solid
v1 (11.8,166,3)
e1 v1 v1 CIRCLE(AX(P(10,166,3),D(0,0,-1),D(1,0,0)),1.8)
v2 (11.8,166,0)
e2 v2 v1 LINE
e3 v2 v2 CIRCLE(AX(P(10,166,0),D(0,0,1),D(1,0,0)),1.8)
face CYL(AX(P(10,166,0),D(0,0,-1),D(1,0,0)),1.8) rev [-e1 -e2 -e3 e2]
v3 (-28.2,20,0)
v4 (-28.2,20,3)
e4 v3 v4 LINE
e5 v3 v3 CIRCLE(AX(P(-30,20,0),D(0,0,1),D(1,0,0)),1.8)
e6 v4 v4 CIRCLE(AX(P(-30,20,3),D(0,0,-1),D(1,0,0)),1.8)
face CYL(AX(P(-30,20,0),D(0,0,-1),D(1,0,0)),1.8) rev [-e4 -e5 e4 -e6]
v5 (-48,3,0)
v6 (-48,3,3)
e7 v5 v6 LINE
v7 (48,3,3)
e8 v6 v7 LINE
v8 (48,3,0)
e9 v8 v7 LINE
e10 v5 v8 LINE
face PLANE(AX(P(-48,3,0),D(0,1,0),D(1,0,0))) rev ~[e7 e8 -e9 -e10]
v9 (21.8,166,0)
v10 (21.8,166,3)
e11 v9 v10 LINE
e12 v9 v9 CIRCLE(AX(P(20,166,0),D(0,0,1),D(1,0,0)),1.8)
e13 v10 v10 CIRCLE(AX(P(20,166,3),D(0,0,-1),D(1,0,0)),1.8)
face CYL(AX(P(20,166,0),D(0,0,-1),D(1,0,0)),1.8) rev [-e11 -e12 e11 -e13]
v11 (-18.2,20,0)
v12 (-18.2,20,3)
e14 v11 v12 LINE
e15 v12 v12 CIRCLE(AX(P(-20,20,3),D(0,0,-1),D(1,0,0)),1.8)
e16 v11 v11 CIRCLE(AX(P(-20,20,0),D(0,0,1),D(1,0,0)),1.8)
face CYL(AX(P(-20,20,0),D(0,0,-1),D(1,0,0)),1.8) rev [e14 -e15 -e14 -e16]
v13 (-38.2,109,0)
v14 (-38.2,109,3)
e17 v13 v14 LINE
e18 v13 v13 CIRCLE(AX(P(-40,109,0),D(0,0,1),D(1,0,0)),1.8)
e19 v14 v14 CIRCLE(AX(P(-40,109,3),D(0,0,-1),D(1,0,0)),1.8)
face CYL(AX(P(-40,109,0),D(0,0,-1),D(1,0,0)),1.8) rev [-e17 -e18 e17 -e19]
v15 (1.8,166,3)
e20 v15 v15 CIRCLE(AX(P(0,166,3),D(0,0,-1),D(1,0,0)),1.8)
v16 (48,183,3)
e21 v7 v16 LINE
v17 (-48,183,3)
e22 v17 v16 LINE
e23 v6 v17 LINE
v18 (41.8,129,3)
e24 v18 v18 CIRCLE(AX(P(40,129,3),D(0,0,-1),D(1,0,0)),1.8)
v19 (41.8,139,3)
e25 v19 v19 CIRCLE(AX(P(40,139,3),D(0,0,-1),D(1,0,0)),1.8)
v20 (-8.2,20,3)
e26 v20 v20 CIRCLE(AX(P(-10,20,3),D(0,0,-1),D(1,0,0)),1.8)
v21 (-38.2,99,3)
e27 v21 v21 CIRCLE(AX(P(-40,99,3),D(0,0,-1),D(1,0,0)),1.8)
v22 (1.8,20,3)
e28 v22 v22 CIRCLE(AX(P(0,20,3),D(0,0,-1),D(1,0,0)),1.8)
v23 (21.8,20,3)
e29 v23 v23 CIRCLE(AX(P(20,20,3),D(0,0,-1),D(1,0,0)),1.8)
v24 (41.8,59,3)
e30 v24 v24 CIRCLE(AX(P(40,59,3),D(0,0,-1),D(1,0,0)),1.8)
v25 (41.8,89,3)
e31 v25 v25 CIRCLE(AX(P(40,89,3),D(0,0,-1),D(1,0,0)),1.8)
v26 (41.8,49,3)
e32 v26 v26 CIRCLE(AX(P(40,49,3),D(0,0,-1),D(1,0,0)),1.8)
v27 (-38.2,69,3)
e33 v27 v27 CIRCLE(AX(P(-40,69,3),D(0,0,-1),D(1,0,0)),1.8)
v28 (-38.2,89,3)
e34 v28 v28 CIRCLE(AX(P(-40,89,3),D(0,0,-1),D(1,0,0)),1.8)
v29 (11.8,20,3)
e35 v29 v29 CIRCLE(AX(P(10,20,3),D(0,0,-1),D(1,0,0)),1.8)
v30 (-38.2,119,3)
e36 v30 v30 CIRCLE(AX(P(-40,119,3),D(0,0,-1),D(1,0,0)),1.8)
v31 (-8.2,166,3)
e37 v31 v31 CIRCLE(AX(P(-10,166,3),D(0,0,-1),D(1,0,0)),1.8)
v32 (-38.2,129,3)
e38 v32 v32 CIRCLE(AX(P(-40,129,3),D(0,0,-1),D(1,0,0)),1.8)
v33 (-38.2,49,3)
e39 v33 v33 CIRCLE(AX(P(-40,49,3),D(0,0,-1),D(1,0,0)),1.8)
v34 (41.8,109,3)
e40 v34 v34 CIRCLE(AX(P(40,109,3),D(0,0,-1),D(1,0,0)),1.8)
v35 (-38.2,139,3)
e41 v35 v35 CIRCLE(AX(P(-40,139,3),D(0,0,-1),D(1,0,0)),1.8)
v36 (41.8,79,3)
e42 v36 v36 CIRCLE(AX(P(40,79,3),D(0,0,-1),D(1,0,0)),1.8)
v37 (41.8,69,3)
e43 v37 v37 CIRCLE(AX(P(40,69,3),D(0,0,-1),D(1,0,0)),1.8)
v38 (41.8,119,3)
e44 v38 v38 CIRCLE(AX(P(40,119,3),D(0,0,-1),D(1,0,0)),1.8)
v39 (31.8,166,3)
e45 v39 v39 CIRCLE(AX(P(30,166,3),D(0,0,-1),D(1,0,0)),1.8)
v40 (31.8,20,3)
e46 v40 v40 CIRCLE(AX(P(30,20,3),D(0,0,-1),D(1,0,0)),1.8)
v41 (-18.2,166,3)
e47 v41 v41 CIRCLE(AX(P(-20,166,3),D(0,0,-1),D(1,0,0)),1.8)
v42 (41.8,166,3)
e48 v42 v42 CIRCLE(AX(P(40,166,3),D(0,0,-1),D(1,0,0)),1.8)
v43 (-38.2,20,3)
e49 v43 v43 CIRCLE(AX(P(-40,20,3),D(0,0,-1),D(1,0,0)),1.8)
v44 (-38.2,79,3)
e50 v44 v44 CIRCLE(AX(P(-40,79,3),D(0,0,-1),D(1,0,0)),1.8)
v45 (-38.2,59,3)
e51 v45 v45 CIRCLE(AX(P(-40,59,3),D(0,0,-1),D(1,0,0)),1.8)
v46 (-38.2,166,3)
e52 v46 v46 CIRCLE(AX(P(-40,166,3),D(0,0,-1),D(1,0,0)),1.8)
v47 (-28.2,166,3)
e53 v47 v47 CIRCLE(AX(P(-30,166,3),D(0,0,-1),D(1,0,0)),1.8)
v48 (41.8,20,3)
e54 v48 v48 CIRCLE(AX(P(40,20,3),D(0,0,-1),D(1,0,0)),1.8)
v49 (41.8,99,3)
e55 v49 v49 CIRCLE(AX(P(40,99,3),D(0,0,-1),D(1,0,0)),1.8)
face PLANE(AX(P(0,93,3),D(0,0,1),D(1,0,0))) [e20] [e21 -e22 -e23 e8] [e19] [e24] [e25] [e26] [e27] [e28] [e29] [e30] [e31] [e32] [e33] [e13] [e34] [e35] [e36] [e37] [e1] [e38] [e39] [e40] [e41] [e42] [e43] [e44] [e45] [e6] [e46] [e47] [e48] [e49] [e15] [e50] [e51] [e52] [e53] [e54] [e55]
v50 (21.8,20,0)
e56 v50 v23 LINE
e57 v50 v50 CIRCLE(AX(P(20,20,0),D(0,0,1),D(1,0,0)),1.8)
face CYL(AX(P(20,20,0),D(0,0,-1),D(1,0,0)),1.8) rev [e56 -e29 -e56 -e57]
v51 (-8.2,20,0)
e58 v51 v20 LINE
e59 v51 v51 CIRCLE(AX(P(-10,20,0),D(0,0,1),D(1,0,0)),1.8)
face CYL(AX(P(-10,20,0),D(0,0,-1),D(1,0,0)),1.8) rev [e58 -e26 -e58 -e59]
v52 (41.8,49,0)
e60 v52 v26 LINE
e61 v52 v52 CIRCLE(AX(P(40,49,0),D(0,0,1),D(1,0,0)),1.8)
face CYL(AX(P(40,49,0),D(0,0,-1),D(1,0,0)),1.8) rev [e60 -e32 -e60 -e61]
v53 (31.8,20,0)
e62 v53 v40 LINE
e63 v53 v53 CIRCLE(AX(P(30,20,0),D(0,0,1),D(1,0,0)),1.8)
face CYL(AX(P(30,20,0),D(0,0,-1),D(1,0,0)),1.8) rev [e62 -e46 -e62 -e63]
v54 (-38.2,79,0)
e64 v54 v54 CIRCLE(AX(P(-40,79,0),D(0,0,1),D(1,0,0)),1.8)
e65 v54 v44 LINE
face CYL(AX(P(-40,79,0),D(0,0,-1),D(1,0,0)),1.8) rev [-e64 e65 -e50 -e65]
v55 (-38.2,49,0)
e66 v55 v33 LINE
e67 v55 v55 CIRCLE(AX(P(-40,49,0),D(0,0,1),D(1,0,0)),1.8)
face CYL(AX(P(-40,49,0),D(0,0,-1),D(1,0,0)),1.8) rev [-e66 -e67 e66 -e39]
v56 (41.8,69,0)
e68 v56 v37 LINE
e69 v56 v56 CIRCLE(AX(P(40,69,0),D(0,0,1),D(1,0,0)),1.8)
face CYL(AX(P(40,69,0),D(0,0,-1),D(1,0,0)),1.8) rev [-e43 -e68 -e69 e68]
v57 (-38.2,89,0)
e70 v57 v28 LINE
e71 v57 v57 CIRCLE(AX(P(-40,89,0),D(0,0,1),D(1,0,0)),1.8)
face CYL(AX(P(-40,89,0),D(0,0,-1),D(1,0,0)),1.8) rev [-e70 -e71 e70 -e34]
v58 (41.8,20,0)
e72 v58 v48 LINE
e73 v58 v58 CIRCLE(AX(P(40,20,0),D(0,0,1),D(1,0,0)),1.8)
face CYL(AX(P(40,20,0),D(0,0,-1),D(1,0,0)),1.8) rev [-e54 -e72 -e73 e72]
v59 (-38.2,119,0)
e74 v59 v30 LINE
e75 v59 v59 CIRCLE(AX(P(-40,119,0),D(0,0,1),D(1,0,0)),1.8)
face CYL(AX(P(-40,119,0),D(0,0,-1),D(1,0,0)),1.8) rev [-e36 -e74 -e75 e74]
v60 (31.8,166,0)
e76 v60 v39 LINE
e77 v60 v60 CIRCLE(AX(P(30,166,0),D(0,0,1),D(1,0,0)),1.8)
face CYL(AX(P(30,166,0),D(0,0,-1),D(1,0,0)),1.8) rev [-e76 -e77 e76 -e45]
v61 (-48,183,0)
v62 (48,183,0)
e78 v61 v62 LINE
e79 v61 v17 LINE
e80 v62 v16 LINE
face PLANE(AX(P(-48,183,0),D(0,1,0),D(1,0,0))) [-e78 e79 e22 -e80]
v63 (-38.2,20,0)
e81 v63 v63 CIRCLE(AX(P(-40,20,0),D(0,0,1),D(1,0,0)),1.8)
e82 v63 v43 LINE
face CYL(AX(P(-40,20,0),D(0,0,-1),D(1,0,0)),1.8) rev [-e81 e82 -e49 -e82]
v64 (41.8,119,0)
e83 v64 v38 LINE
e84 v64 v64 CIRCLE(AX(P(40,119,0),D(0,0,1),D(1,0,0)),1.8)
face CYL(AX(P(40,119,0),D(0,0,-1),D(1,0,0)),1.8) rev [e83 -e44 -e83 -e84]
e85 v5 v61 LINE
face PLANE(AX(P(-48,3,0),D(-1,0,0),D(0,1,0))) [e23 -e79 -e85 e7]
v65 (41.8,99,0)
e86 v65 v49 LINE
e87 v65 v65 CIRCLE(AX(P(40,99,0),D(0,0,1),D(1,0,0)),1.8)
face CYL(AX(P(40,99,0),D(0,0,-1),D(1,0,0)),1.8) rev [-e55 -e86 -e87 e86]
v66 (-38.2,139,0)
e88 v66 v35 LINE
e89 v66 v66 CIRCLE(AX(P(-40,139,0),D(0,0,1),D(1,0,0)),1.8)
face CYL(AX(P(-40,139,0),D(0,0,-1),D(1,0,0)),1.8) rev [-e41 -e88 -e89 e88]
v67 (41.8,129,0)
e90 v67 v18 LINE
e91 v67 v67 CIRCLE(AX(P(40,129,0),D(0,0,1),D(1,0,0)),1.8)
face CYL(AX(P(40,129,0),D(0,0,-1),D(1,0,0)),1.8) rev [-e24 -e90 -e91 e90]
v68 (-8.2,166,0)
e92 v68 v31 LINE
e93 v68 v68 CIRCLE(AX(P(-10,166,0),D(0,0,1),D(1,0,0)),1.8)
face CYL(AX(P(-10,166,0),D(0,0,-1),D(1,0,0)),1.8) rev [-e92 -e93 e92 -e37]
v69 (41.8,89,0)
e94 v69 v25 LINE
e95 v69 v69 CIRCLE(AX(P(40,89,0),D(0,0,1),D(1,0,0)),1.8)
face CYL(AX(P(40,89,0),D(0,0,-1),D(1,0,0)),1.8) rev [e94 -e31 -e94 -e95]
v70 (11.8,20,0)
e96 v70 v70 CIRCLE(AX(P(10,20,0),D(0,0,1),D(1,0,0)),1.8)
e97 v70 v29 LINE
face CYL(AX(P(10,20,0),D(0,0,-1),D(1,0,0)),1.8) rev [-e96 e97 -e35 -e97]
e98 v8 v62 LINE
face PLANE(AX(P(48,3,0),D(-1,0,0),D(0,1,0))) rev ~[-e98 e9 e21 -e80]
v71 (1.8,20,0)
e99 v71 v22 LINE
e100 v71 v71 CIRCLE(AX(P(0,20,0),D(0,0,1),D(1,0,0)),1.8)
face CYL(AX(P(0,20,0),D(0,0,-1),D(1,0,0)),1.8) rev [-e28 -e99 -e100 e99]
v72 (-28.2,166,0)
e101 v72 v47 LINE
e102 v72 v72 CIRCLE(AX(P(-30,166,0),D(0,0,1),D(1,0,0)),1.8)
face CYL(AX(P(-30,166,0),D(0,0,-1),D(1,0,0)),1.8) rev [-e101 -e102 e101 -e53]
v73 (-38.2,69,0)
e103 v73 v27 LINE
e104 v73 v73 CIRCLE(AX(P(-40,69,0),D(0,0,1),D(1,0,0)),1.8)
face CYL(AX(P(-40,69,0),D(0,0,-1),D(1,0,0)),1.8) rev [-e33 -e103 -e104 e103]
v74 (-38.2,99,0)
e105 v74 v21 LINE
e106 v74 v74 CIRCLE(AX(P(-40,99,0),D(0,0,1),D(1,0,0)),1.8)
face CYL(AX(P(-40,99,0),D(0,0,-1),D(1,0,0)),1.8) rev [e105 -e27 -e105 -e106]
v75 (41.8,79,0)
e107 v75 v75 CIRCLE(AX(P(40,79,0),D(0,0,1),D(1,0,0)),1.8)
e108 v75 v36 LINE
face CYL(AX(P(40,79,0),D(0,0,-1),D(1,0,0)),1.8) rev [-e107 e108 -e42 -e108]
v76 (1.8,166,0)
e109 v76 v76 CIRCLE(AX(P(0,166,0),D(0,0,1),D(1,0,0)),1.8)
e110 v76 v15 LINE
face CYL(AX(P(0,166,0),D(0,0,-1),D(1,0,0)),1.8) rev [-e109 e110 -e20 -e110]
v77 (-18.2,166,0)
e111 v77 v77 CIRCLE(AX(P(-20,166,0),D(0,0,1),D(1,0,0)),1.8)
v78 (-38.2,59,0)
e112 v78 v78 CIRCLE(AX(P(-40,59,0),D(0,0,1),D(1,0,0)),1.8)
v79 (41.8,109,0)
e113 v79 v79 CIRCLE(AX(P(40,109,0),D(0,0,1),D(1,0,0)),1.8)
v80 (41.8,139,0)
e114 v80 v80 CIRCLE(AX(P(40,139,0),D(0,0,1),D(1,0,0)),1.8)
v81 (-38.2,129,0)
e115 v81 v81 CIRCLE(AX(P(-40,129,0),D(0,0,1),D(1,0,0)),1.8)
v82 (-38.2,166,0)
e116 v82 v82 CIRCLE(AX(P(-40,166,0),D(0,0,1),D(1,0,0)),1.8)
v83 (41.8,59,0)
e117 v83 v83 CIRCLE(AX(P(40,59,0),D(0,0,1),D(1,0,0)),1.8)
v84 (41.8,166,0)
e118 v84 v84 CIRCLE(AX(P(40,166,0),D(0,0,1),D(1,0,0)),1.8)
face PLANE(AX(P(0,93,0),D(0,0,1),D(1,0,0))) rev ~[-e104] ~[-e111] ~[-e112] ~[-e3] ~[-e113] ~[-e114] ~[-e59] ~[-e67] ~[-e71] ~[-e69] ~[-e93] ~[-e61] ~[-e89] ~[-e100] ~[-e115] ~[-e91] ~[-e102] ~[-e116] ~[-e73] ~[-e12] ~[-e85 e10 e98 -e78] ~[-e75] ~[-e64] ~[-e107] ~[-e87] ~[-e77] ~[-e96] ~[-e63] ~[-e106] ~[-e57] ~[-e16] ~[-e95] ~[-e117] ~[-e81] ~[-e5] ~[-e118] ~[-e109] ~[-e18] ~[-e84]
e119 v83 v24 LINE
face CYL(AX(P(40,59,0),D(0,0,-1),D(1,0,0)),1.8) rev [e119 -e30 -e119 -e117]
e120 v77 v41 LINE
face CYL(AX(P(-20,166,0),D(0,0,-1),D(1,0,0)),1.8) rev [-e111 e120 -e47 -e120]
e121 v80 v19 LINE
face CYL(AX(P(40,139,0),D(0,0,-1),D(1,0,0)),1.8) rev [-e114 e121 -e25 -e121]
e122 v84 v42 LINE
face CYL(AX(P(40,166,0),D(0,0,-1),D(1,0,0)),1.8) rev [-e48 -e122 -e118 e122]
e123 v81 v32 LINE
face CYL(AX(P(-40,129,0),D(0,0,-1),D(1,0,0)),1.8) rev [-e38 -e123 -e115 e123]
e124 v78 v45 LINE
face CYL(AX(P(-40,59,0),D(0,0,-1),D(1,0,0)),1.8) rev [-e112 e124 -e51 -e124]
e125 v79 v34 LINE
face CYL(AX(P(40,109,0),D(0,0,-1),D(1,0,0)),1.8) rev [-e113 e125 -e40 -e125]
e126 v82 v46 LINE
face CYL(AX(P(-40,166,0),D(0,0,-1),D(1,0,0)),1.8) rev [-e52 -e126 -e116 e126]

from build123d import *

# Parameters (mm, degrees)
CYLINDER004_R     = 1.8
CYLINDER004_DEPTH = 200
ARRAY003_X_COUNT  = 9
ARRAY003_X_PITCH  = 10
ARRAY003_Y_COUNT  = 2
ARRAY003_Y_PITCH  = 146
CYLINDER006_R     = 1.8
CYLINDER006_DEPTH = 200
ARRAY005_X_COUNT  = 2
ARRAY005_X_PITCH  = 80
ARRAY005_Y_COUNT  = 10
ARRAY005_Y_PITCH  = 10
BOX002_W          = 96
BOX002_H          = 180
BOX002_DEPTH      = 3


with BuildPart() as psu_bottom_bolt_hole_array:
    # Cylinder004 → Cylinder004 (new body)
    with BuildSketch(Plane(origin=(-40, 20, 0), x_dir=(1, 0, 0), z_dir=(0, 0, 1))):
        Circle(CYLINDER004_R)
    extrude(amount=CYLINDER004_DEPTH)

    # Array003 X: psu bottom bolt hole array ×9


with BuildPart() as psu_bottom_bolt_hole_array_1:
    add(psu_bottom_bolt_hole_array.part)
    with Locations(*[(i * ARRAY003_X_PITCH, 0, 0) for i in range(1, ARRAY003_X_COUNT)]):
        add(psu_bottom_bolt_hole_array.part)

    # Array003 Y: psu bottom bolt hole array ×2


with BuildPart() as psu_bottom_bolt_hole_array_2:
    add(psu_bottom_bolt_hole_array_1.part)
    with Locations(*[(0, i * ARRAY003_Y_PITCH, 0) for i in range(1, ARRAY003_Y_COUNT)]):
        add(psu_bottom_bolt_hole_array_1.part)


with BuildPart() as bottom_hole_fusion:
    # Cylinder006 → Cylinder006 (new body)
    with BuildSketch(Plane(origin=(-40, 9, 0), x_dir=(1, 0, 0), z_dir=(0, 0, 1))):
        Circle(CYLINDER006_R)
    extrude(amount=CYLINDER006_DEPTH)

    # Array005 X: bottom hole fusion ×2


with BuildPart() as bottom_hole_fusion_1:
    add(bottom_hole_fusion.part)
    with Locations(*[(i * ARRAY005_X_PITCH, 0, 0) for i in range(1, ARRAY005_X_COUNT)]):
        add(bottom_hole_fusion.part)

    # Array005 Y: bottom hole fusion ×10


with BuildPart() as bottom_hole_fusion_2:
    add(bottom_hole_fusion_1.part)
    with Locations(*[(0, i * ARRAY005_Y_PITCH, 0) for i in range(1, ARRAY005_Y_COUNT)]):
        add(bottom_hole_fusion_1.part)


with BuildPart() as bottom_hole_fusion_3:
    # Array005 placement: moved
    add(bottom_hole_fusion_2.part.moved(Location((0, 40, 0))))

    # Fusion002: union psu bottom bolt hole array
    add(psu_bottom_bolt_hole_array_2.part)


with BuildPart() as psu_bottom_cut:
    # Box002 → Box002 (new body)
    with BuildSketch(Plane(origin=(-48, 3, 0), x_dir=(1, 0, 0), z_dir=(0, 0, 1))):
        with Locations((48, 90)):
            Rectangle(BOX002_W, BOX002_H)
    extrude(amount=BOX002_DEPTH)

    # Cut004: cut bottom hole fusion
    add(bottom_hole_fusion_3.part, mode=Mode.SUBTRACT)


solid = psu_bottom_cut.part
